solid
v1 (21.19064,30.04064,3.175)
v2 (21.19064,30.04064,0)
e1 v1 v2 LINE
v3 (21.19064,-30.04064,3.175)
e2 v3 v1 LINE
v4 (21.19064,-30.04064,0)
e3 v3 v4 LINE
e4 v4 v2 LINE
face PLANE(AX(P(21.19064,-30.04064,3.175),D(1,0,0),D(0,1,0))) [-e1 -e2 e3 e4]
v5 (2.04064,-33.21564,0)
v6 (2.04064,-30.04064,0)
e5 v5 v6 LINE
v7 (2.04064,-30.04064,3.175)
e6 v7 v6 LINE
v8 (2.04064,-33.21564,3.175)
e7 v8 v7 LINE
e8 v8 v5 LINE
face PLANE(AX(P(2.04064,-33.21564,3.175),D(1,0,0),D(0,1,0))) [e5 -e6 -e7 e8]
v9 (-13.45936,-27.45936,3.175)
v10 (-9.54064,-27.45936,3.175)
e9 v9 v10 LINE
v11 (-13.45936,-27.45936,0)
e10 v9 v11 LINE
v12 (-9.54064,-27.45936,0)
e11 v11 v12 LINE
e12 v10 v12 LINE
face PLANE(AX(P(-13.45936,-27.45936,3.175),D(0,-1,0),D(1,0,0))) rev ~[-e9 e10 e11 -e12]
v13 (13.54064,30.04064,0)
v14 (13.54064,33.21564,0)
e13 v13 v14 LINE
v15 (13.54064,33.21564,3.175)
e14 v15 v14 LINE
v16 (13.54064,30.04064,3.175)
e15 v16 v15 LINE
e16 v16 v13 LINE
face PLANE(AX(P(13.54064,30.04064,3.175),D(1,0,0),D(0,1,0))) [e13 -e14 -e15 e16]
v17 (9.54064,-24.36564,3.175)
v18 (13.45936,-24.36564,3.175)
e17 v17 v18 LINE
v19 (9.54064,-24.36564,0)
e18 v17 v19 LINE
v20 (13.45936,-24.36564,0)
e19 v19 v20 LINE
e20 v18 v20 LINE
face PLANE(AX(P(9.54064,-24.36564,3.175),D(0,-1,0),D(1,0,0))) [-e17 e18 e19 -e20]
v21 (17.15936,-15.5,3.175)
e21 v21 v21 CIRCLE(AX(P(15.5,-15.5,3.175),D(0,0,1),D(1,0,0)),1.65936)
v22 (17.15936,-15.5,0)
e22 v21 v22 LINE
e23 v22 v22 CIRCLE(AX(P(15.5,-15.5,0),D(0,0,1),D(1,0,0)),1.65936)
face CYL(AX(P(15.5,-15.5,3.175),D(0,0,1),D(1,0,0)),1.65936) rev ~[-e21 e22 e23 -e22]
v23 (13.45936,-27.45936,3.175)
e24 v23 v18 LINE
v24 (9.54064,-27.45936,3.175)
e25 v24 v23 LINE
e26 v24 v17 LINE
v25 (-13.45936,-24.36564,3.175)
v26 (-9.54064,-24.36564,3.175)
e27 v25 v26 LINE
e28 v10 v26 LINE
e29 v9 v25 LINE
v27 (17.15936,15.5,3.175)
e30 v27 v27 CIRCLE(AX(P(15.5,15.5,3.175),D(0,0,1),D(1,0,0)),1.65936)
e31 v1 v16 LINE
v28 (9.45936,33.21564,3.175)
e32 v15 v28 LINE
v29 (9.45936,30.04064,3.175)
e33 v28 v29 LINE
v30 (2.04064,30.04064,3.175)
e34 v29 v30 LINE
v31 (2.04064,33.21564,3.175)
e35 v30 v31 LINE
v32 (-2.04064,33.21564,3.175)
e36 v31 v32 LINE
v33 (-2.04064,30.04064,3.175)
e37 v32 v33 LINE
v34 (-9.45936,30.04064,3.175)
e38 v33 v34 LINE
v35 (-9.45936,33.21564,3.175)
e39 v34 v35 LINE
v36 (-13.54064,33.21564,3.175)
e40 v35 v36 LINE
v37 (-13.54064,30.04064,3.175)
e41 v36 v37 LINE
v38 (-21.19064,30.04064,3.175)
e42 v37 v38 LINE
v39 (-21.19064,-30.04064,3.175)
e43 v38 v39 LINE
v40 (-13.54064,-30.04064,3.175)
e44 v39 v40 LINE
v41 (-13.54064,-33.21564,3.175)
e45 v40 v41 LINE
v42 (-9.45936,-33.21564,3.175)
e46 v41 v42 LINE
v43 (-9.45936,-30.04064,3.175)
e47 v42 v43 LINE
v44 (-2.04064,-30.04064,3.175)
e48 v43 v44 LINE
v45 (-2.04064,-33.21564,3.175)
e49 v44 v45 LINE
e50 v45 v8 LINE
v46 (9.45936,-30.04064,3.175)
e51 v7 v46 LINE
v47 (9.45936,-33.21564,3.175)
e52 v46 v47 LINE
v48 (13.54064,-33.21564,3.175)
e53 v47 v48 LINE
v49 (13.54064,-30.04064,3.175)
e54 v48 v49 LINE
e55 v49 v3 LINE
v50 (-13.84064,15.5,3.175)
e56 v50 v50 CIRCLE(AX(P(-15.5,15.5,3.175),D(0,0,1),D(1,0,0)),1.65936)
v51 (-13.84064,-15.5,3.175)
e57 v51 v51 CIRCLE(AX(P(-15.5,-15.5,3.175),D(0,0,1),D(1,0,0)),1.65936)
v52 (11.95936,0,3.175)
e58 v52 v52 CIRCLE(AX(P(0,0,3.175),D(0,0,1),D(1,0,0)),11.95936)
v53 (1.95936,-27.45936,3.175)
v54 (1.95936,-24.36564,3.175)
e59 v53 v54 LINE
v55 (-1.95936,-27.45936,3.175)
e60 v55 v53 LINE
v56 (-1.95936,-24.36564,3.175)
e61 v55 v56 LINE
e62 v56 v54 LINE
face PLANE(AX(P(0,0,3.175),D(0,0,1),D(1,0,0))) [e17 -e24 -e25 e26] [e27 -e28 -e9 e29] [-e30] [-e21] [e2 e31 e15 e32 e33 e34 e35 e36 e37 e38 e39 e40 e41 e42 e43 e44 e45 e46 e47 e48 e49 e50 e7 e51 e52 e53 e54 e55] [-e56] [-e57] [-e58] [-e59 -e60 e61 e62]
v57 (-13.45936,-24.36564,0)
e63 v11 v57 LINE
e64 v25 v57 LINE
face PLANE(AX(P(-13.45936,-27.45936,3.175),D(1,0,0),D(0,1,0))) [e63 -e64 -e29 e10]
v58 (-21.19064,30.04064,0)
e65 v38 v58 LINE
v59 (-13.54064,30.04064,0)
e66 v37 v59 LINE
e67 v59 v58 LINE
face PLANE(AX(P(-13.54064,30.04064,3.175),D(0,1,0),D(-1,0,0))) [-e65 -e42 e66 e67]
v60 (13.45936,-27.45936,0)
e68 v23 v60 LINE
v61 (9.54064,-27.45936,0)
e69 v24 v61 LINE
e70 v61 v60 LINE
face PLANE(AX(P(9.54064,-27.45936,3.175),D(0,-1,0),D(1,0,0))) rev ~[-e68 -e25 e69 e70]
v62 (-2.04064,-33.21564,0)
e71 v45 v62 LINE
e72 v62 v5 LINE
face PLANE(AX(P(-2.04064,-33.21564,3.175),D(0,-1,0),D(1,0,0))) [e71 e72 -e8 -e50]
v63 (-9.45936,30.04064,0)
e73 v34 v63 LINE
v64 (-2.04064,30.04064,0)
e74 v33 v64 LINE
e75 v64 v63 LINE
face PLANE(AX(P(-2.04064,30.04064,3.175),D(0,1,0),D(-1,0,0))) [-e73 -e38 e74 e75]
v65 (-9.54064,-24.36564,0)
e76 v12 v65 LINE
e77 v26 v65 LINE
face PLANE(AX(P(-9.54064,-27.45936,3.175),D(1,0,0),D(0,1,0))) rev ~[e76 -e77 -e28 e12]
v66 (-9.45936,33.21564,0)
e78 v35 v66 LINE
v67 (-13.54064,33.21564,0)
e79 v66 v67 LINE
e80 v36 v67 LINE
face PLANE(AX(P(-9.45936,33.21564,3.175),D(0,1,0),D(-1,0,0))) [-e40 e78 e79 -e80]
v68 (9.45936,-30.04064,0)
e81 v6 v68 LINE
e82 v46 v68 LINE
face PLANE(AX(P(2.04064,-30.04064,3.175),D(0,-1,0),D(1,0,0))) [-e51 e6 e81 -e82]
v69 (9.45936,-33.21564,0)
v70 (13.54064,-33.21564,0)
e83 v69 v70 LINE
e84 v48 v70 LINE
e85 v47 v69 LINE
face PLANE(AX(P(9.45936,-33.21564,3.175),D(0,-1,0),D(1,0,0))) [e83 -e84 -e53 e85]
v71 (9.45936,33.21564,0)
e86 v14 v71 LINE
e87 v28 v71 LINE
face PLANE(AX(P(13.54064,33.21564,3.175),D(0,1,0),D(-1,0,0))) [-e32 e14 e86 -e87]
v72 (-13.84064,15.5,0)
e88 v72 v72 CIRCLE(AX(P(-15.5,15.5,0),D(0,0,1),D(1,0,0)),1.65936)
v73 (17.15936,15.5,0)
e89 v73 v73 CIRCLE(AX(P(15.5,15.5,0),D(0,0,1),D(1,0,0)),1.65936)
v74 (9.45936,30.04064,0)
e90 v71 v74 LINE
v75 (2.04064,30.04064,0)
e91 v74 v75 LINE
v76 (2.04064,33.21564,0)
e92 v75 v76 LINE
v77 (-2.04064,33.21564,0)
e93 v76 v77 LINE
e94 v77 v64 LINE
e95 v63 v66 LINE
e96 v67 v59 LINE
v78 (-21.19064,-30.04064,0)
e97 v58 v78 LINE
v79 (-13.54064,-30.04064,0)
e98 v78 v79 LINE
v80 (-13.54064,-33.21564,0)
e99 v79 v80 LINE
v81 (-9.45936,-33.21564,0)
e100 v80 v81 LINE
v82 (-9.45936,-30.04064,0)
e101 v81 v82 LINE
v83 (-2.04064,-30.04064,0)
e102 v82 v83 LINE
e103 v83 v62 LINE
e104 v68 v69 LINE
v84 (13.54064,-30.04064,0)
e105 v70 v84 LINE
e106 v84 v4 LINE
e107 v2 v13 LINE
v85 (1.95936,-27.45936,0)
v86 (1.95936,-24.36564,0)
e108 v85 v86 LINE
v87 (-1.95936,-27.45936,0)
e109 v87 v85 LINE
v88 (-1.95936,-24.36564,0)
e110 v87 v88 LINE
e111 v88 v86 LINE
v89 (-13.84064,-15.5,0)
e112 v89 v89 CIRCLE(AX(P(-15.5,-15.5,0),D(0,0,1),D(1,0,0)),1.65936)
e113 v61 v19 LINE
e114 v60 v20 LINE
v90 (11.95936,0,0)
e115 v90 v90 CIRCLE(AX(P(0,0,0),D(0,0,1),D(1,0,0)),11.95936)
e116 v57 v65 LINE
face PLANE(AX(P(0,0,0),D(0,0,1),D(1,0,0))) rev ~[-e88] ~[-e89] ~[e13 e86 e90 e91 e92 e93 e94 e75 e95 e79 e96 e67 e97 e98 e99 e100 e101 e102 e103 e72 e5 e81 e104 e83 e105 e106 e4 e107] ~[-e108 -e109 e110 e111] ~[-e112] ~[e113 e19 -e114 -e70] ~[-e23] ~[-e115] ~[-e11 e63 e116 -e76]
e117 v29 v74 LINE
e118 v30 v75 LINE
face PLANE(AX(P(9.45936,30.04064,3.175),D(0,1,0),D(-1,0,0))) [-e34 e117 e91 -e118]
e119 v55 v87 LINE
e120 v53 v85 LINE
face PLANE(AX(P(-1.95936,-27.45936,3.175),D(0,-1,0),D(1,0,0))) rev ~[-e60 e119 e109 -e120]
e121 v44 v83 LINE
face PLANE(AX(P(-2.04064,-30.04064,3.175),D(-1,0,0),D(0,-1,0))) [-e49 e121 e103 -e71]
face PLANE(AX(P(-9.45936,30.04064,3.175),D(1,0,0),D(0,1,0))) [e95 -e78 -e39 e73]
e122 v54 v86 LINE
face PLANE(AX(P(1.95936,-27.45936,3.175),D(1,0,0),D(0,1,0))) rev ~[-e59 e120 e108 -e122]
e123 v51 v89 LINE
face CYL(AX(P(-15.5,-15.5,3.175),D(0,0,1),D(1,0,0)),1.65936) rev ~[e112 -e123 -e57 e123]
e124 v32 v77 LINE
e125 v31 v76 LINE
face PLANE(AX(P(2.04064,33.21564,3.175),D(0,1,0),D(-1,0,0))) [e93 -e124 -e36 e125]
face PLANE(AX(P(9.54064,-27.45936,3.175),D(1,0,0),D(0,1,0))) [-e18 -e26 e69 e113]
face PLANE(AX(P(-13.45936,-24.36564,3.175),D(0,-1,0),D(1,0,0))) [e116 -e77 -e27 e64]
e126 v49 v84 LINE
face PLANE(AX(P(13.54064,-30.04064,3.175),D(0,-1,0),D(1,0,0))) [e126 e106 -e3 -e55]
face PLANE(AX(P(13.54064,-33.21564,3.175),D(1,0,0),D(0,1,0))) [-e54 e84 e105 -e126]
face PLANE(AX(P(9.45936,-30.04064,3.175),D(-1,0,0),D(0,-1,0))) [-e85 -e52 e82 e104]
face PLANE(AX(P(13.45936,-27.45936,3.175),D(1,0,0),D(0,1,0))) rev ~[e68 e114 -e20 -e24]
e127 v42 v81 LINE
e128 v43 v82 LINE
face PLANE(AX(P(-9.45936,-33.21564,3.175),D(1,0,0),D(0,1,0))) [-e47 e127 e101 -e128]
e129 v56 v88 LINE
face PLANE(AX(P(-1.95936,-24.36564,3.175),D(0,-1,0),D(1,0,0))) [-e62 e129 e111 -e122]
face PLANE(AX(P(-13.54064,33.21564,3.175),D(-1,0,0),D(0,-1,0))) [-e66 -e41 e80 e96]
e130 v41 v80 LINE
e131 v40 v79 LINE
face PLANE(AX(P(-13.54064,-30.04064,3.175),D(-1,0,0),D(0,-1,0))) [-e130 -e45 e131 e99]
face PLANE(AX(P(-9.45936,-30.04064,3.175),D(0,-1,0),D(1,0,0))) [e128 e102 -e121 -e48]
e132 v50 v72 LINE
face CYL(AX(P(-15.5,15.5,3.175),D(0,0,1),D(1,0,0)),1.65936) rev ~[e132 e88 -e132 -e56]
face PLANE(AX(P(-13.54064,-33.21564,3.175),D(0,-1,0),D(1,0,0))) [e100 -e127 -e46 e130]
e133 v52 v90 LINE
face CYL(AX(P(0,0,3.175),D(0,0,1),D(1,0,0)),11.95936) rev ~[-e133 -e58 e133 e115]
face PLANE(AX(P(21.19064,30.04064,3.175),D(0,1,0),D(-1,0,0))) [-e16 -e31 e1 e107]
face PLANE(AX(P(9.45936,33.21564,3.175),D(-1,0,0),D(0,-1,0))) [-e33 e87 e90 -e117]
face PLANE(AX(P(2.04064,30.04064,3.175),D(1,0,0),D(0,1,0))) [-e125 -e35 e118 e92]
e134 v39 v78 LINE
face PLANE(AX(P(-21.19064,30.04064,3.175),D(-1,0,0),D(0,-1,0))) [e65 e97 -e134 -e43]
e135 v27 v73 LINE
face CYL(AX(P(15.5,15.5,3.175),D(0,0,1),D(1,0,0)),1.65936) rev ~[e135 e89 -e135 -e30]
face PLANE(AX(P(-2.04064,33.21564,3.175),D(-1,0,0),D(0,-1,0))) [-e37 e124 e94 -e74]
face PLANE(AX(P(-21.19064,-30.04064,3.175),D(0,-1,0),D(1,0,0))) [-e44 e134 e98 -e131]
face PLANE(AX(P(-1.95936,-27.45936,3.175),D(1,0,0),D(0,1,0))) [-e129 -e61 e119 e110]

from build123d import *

# Parameters (mm, degrees)
SKETCH1_R           = 1.7
SKETCH1_W           = 4
SKETCH1_H           = 3.175
SKETCH1_R_2         = 12
BOSS_EXTRUDE1_DEPTH = 3.175
SKETCH2_R           = 11.95936
SKETCH2_R_2         = 1.65936
SKETCH2_W           = 3.91872
SKETCH2_H           = 3.09372
BOSS_EXTRUDE2_DEPTH = 3.175


with BuildPart() as part:
    # Sketch1 → Boss-Extrude1 (new body)
    with BuildSketch(Plane.XY):
        Polygon((2, -33.175), (2, -30), (9.5, -30), (9.5, -33.175), (13.5, -33.175), (13.5, -30), (21.15, -30), (21.15, 30), (13.5, 30), (13.5, 33.175), (9.5, 33.175), (9.5, 30), (2, 30), (2, 33.175), (-2, 33.175), (-2, 30), (-9.5, 30), (-9.5, 33.175), (-13.5, 33.175), (-13.5, 30), (-21.15, 30), (-21.15, -30), (-13.5, -30), (-13.5, -33.175), (-9.5, -33.175), (-9.5, -30), (-2, -30), (-2, -33.175), align=None)
        with Locations((15.5, 15.5)):
            Circle(SKETCH1_R, mode=Mode.SUBTRACT)
        with Locations((-11.5, -25.9125)):
            Rectangle(SKETCH1_W, SKETCH1_H, mode=Mode.SUBTRACT)
        with Locations((0, -25.9125)):
            Rectangle(SKETCH1_W, SKETCH1_H, mode=Mode.SUBTRACT)
        with Locations((-15.5, -15.5)):
            Circle(SKETCH1_R, mode=Mode.SUBTRACT)
        with Locations((11.5, -25.9125)):
            Rectangle(SKETCH1_W, SKETCH1_H, mode=Mode.SUBTRACT)
        with Locations((15.5, -15.5)):
            Circle(SKETCH1_R, mode=Mode.SUBTRACT)
        with Locations((-15.5, 15.5)):
            Circle(SKETCH1_R, mode=Mode.SUBTRACT)
        Circle(SKETCH1_R_2, mode=Mode.SUBTRACT)
    extrude(amount=BOSS_EXTRUDE1_DEPTH)

    # Sketch2 → Boss-Extrude2 (add)
    with BuildSketch(Plane.XY.offset(3.175)):
        Polygon((-21.19064, 30.04064), (-21.19064, -30.04064), (-13.54064, -30.04064), (-13.54064, -33.21564), (-9.45936, -33.21564), (-9.45936, -30.04064), (-2.04064, -30.04064), (-2.04064, -33.21564), (2.04064, -33.21564), (2.04064, -30.04064), (9.45936, -30.04064), (9.45936, -33.21564), (13.54064, -33.21564), (13.54064, -30.04064), (21.19064, -30.04064), (21.19064, 30.04064), (13.54064, 30.04064), (13.54064, 33.21564), (9.45936, 33.21564), (9.45936, 30.04064), (2.04064, 30.04064), (2.04064, 33.21564), (-2.04064, 33.21564), (-2.04064, 30.04064), (-9.45936, 30.04064), (-9.45936, 33.21564), (-13.54064, 33.21564), (-13.54064, 30.04064), align=None)
        Circle(SKETCH2_R, mode=Mode.SUBTRACT)
        with Locations((-15.5, -15.5)):
            Circle(SKETCH2_R_2, mode=Mode.SUBTRACT)
        with Locations((15.5, -15.5)):
            Circle(SKETCH2_R_2, mode=Mode.SUBTRACT)
        with Locations((15.5, 15.5)):
            Circle(SKETCH2_R_2, mode=Mode.SUBTRACT)
        with Locations((-15.5, 15.5)):
            Circle(SKETCH2_R_2, mode=Mode.SUBTRACT)
        with Locations((11.5, -25.9125)):
            Rectangle(SKETCH2_W, SKETCH2_H, mode=Mode.SUBTRACT)
        with Locations((0, -25.9125)):
            Rectangle(SKETCH2_W, SKETCH2_H, mode=Mode.SUBTRACT)
        with Locations((-11.5, -25.9125)):
            Rectangle(SKETCH2_W, SKETCH2_H, mode=Mode.SUBTRACT)
    extrude(amount=-BOSS_EXTRUDE2_DEPTH)


solid = part.part
